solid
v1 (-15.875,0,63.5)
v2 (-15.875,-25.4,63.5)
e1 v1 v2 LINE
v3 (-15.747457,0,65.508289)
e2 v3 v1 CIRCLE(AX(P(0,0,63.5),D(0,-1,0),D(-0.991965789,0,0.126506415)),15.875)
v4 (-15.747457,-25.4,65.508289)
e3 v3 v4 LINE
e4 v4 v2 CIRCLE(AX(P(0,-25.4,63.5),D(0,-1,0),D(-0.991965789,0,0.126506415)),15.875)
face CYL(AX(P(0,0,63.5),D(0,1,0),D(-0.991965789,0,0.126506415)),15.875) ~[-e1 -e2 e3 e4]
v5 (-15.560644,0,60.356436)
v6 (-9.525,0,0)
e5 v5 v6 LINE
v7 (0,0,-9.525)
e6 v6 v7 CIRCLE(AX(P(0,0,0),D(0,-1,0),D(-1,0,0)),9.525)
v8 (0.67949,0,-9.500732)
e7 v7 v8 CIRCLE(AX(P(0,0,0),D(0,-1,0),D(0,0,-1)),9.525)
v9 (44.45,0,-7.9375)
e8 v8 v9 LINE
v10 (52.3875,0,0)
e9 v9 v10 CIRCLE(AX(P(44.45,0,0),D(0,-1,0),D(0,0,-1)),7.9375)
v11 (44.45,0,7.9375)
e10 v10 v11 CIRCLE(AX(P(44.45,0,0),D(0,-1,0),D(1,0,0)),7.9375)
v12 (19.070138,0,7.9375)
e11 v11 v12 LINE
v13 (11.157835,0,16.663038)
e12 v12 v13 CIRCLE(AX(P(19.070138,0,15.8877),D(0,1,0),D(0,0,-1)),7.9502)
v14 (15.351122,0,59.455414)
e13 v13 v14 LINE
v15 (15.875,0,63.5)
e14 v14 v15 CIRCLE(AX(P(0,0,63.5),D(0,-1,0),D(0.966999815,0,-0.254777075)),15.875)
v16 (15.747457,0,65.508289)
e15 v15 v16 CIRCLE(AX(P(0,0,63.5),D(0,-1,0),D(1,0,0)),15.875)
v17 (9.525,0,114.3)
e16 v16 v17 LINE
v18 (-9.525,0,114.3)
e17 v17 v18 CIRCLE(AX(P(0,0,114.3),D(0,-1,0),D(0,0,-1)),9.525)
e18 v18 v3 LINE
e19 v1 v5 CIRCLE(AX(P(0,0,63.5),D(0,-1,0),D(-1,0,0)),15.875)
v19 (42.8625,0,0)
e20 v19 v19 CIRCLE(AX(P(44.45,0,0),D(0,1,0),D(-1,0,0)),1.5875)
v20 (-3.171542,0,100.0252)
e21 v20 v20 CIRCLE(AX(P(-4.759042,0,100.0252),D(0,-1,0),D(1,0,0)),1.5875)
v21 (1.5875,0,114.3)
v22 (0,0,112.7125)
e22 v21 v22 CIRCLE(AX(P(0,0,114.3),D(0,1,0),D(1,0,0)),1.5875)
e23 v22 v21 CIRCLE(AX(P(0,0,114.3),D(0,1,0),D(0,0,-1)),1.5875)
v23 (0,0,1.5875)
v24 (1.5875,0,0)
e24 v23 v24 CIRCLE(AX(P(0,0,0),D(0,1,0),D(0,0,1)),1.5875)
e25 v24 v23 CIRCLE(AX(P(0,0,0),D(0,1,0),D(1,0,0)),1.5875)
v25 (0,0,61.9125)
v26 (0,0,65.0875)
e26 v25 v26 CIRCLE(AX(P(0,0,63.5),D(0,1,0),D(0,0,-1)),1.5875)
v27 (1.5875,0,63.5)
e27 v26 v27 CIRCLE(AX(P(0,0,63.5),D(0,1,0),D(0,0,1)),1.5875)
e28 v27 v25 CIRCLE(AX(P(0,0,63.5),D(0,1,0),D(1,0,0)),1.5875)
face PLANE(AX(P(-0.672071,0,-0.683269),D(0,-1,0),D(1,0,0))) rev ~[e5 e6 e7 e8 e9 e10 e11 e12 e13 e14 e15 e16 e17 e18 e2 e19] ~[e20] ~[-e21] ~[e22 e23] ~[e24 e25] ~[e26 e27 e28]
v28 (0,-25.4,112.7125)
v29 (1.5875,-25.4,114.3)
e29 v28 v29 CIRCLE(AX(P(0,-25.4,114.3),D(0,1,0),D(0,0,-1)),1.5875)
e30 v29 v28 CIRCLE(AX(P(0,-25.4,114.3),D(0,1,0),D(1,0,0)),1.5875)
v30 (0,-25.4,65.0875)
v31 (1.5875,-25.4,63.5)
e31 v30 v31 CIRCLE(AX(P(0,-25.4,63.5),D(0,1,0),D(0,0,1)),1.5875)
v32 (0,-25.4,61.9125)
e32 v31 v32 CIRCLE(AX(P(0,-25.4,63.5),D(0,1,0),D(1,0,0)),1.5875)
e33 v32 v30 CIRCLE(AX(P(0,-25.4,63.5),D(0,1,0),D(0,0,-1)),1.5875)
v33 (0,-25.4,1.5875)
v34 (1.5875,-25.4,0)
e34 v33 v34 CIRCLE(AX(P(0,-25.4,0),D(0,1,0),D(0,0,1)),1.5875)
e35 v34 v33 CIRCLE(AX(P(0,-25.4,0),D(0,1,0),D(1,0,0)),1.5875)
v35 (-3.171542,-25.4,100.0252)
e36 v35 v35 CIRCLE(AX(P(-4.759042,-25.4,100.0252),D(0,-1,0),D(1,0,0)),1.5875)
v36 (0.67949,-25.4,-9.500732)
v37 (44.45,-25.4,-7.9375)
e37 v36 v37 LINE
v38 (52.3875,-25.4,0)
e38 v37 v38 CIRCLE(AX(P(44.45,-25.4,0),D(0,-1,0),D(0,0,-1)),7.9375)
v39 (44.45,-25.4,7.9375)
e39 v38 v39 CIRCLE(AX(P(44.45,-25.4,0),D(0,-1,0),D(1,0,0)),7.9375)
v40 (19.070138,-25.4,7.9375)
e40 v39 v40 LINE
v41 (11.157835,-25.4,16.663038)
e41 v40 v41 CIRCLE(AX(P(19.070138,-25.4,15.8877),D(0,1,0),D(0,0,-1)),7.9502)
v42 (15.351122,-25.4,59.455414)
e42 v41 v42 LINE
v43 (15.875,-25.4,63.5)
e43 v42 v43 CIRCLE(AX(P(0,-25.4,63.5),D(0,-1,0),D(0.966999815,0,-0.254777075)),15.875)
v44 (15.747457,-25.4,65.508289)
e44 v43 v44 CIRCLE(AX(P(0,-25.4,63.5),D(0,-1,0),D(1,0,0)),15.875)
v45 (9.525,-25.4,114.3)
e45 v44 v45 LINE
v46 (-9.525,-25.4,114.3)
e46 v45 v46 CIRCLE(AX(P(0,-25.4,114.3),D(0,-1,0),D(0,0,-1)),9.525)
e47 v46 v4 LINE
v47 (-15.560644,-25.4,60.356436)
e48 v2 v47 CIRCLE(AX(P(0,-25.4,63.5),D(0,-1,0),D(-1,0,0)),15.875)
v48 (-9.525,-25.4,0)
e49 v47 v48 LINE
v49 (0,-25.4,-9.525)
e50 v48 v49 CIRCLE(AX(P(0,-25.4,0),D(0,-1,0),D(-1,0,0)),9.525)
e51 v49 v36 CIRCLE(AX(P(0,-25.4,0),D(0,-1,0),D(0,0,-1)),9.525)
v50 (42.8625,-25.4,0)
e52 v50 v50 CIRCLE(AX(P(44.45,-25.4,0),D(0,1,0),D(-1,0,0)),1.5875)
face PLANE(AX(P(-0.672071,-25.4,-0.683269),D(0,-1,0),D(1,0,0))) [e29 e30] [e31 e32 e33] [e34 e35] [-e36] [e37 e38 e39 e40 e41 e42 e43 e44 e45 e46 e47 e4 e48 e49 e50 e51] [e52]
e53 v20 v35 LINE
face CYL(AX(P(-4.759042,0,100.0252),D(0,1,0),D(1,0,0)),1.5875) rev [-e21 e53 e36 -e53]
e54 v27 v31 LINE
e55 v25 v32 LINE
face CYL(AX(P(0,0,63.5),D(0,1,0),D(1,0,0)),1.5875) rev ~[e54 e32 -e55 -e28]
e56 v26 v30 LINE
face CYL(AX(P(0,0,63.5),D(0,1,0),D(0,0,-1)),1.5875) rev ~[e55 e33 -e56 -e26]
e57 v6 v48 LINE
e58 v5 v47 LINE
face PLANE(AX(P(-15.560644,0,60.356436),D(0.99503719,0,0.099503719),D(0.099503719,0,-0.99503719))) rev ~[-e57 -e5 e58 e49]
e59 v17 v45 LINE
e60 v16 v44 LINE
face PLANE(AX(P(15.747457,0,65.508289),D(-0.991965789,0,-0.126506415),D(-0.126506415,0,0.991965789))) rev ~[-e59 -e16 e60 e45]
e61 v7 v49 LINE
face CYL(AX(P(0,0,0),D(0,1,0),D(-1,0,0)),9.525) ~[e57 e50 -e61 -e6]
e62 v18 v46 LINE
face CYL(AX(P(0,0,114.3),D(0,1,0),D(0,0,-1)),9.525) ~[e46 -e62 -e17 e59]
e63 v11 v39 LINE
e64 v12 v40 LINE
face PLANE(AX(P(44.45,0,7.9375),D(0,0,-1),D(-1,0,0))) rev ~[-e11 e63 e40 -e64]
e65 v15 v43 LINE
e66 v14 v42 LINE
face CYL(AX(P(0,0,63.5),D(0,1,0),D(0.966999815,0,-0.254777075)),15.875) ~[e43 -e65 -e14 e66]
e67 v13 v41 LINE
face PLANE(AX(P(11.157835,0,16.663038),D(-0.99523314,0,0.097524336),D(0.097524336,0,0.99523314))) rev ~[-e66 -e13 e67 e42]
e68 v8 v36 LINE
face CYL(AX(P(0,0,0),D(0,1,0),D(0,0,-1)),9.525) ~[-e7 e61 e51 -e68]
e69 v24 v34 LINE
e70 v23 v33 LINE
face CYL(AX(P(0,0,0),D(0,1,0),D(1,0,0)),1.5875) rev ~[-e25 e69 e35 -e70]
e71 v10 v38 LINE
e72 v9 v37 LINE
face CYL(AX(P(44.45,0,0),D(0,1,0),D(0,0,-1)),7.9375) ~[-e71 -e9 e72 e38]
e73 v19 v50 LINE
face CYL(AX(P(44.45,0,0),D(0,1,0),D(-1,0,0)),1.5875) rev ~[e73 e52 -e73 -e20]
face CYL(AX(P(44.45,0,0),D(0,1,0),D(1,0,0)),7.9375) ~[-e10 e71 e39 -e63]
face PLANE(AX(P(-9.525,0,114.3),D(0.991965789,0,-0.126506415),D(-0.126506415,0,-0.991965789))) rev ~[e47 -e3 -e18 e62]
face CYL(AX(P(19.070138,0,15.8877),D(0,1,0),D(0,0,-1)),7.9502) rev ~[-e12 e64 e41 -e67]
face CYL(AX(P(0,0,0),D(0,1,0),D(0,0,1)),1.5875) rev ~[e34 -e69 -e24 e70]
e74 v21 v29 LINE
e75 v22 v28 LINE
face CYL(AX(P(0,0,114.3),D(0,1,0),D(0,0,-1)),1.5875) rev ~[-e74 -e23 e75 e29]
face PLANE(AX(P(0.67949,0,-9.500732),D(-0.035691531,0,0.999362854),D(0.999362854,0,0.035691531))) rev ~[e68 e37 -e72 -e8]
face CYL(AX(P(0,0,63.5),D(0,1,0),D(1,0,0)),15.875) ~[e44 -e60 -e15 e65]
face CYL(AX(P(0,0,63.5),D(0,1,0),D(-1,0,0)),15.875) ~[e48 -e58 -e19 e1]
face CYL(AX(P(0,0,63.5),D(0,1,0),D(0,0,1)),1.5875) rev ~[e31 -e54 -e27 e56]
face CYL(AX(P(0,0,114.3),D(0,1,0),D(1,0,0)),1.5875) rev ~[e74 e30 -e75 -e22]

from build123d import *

# Parameters (mm, degrees)
F0_R     = 1.5875
F1_DEPTH = 25.4


with BuildPart() as f1:
    # F0 (on Front) → F1 (new body)
    with BuildSketch(Plane.XZ):
        with BuildLine():
            Line((9.525, 0), (1.5875, 0))
            ThreePointArc((1.5875, 0), (-1.1225320151, -1.1225320151), (0, 1.5875))
            Line((0, 1.5875), (0, 9.525))
            ThreePointArc((0, 9.525), (-6.7351920908, 6.7351920908), (-9.525, 0))
            ThreePointArc((-9.525, 0), (-6.7351920908, -6.7351920908), (0, -9.525))
            Line((0, -9.525), (0.6794904459, -9.5007324841))
            ThreePointArc((0.6794904459, -9.5007324841), (6.9712901065, -6.4905114784), (9.525, 0))
        make_face()
        with BuildLine():
            ThreePointArc((0, 9.525), (6.7351920908, 6.7351920908), (9.525, 0))
            Line((9.525, 0), (36.5125, 0))
            ThreePointArc((36.5125, 0), (38.8373399243, 5.6126600757), (44.45, 7.9375))
            Line((44.45, 7.9375), (19.0701377213, 7.9375))
            ThreePointArc((19.0701377213, 7.9375), (13.1807501467, 10.5472136892), (11.1578352079, 16.6630379749))
            Line((11.1578352079, 16.6630379749), (15.3511220626, 59.4554139373))
            ThreePointArc((15.3511220626, 59.4554139373), (9.6904030168, 50.9257519361), (0, 47.625))
            Line((0, 47.625), (0, 9.525))
        make_face()
        with BuildLine():
            Line((36.5125, 0), (9.525, 0))
            ThreePointArc((9.525, 0), (6.9712901065, -6.4905114784), (0.6794904459, -9.5007324841))
            Line((0.6794904459, -9.5007324841), (44.45, -7.9375))
            ThreePointArc((44.45, -7.9375), (38.8373399243, -5.6126600757), (36.5125, 0))
        make_face()
        with BuildLine():
            ThreePointArc((-9.525, 0), (-6.7351920908, 6.7351920908), (0, 9.525))
            Line((0, 9.525), (0, 47.625))
            ThreePointArc((0, 47.625), (-10.0526499203, 51.2134278751), (-15.5606435644, 60.3564356436))
            Line((-15.5606435644, 60.3564356436), (-9.525, 0))
        make_face()
        with BuildLine():
            ThreePointArc((44.45, 7.9375), (38.8373399243, 5.6126600757), (36.5125, 0))
            ThreePointArc((36.5125, 0), (38.8373399243, -5.6126600757), (44.45, -7.9375))
            ThreePointArc((44.45, -7.9375), (50.0626600757, -5.6126600757), (52.3875, 0))
            ThreePointArc((52.3875, 0), (50.0626600757, 5.6126600757), (44.45, 7.9375))
        make_face()
        with BuildLine():
            ThreePointArc((46.0375, 0), (44.45, -1.5875), (42.8625, 0))
            ThreePointArc((42.8625, 0), (44.45, 1.5875), (46.0375, 0))
        make_face(mode=Mode.SUBTRACT)
        with BuildLine():
            ThreePointArc((0, -9.525), (0.3399618281, -9.5189311877), (0.6794904459, -9.5007324841))
            Line((0.6794904459, -9.5007324841), (0, -9.525))
        make_face()
        with BuildLine():
            Line((0, 61.9125), (0, 47.625))
            ThreePointArc((0, 47.625), (9.6904030168, 50.9257519361), (15.3511220626, 59.4554139373))
            ThreePointArc((15.3511220626, 59.4554139373), (15.7434857599, 61.4608136113), (15.875, 63.5))
            ThreePointArc((15.875, 63.5), (15.8430821396, 64.5061676396), (15.7474569047, 65.5082893304))
            ThreePointArc((15.7474569047, 65.5082893304), (10.4912828548, 75.4142187767), (0, 79.375))
            Line((0, 79.375), (0, 65.0875))
            ThreePointArc((0, 65.0875), (1.1225320151, 64.6225320151), (1.5875, 63.5))
            ThreePointArc((1.5875, 63.5), (1.1225320151, 62.3774679849), (0, 61.9125))
        make_face()
        with BuildLine():
            ThreePointArc((-15.5606435644, 60.3564356436), (-10.0526499203, 51.2134278751), (0, 47.625))
            Line((0, 47.625), (0, 61.9125))
            ThreePointArc((0, 61.9125), (-1.5875, 63.5), (0, 65.0875))
            Line((0, 65.0875), (0, 79.375))
            ThreePointArc((0, 79.375), (-10.4912828548, 75.4142187767), (-15.7474569047, 65.5082893304))
            ThreePointArc((-15.7474569047, 65.5082893304), (-15.8430821396, 64.5061676396), (-15.875, 63.5))
            Line((-15.875, 63.5), (-15.5606435644, 60.3564356436))
        make_face()
        with BuildLine():
            ThreePointArc((-15.875, 63.5), (-15.7962153946, 61.9203784605), (-15.5606435644, 60.3564356436))
            Line((-15.5606435644, 60.3564356436), (-15.875, 63.5))
        make_face()
        with BuildLine():
            Line((-9.525, 114.3), (-15.7474569047, 65.5082893304))
            ThreePointArc((-15.7474569047, 65.5082893304), (-10.4912828548, 75.4142187767), (0, 79.375))
            Line((0, 79.375), (0, 104.775))
            ThreePointArc((0, 104.775), (-6.7351920908, 107.5648079092), (-9.525, 114.3))
        make_face()
        with Locations((-4.7590420581, 100.0252)):
            Circle(F0_R, mode=Mode.SUBTRACT)
        with BuildLine():
            ThreePointArc((0, 79.375), (10.4912828548, 75.4142187767), (15.7474569047, 65.5082893304))
            Line((15.7474569047, 65.5082893304), (9.525, 114.3))
            ThreePointArc((9.525, 114.3), (6.7351920908, 107.5648079092), (0, 104.775))
            Line((0, 104.775), (0, 79.375))
        make_face()
        with BuildLine():
            ThreePointArc((9.525, 114.3), (0, 123.825), (-9.525, 114.3))
            ThreePointArc((-9.525, 114.3), (-6.7351920908, 107.5648079092), (0, 104.775))
            ThreePointArc((0, 104.775), (6.7351920908, 107.5648079092), (9.525, 114.3))
        make_face()
        with BuildLine():
            ThreePointArc((1.5875, 114.3), (1.1225320151, 113.1774679849), (0, 112.7125))
            ThreePointArc((0, 112.7125), (-1.1225320151, 115.4225320151), (1.5875, 114.3))
        make_face(mode=Mode.SUBTRACT)
        with BuildLine():
            ThreePointArc((0, 1.5875), (1.1225320151, 1.1225320151), (1.5875, 0))
            Line((1.5875, 0), (9.525, 0))
            ThreePointArc((9.525, 0), (6.7351920908, 6.7351920908), (0, 9.525))
            Line((0, 9.525), (0, 1.5875))
        make_face()
    extrude(amount=F1_DEPTH)


solid = f1.part
